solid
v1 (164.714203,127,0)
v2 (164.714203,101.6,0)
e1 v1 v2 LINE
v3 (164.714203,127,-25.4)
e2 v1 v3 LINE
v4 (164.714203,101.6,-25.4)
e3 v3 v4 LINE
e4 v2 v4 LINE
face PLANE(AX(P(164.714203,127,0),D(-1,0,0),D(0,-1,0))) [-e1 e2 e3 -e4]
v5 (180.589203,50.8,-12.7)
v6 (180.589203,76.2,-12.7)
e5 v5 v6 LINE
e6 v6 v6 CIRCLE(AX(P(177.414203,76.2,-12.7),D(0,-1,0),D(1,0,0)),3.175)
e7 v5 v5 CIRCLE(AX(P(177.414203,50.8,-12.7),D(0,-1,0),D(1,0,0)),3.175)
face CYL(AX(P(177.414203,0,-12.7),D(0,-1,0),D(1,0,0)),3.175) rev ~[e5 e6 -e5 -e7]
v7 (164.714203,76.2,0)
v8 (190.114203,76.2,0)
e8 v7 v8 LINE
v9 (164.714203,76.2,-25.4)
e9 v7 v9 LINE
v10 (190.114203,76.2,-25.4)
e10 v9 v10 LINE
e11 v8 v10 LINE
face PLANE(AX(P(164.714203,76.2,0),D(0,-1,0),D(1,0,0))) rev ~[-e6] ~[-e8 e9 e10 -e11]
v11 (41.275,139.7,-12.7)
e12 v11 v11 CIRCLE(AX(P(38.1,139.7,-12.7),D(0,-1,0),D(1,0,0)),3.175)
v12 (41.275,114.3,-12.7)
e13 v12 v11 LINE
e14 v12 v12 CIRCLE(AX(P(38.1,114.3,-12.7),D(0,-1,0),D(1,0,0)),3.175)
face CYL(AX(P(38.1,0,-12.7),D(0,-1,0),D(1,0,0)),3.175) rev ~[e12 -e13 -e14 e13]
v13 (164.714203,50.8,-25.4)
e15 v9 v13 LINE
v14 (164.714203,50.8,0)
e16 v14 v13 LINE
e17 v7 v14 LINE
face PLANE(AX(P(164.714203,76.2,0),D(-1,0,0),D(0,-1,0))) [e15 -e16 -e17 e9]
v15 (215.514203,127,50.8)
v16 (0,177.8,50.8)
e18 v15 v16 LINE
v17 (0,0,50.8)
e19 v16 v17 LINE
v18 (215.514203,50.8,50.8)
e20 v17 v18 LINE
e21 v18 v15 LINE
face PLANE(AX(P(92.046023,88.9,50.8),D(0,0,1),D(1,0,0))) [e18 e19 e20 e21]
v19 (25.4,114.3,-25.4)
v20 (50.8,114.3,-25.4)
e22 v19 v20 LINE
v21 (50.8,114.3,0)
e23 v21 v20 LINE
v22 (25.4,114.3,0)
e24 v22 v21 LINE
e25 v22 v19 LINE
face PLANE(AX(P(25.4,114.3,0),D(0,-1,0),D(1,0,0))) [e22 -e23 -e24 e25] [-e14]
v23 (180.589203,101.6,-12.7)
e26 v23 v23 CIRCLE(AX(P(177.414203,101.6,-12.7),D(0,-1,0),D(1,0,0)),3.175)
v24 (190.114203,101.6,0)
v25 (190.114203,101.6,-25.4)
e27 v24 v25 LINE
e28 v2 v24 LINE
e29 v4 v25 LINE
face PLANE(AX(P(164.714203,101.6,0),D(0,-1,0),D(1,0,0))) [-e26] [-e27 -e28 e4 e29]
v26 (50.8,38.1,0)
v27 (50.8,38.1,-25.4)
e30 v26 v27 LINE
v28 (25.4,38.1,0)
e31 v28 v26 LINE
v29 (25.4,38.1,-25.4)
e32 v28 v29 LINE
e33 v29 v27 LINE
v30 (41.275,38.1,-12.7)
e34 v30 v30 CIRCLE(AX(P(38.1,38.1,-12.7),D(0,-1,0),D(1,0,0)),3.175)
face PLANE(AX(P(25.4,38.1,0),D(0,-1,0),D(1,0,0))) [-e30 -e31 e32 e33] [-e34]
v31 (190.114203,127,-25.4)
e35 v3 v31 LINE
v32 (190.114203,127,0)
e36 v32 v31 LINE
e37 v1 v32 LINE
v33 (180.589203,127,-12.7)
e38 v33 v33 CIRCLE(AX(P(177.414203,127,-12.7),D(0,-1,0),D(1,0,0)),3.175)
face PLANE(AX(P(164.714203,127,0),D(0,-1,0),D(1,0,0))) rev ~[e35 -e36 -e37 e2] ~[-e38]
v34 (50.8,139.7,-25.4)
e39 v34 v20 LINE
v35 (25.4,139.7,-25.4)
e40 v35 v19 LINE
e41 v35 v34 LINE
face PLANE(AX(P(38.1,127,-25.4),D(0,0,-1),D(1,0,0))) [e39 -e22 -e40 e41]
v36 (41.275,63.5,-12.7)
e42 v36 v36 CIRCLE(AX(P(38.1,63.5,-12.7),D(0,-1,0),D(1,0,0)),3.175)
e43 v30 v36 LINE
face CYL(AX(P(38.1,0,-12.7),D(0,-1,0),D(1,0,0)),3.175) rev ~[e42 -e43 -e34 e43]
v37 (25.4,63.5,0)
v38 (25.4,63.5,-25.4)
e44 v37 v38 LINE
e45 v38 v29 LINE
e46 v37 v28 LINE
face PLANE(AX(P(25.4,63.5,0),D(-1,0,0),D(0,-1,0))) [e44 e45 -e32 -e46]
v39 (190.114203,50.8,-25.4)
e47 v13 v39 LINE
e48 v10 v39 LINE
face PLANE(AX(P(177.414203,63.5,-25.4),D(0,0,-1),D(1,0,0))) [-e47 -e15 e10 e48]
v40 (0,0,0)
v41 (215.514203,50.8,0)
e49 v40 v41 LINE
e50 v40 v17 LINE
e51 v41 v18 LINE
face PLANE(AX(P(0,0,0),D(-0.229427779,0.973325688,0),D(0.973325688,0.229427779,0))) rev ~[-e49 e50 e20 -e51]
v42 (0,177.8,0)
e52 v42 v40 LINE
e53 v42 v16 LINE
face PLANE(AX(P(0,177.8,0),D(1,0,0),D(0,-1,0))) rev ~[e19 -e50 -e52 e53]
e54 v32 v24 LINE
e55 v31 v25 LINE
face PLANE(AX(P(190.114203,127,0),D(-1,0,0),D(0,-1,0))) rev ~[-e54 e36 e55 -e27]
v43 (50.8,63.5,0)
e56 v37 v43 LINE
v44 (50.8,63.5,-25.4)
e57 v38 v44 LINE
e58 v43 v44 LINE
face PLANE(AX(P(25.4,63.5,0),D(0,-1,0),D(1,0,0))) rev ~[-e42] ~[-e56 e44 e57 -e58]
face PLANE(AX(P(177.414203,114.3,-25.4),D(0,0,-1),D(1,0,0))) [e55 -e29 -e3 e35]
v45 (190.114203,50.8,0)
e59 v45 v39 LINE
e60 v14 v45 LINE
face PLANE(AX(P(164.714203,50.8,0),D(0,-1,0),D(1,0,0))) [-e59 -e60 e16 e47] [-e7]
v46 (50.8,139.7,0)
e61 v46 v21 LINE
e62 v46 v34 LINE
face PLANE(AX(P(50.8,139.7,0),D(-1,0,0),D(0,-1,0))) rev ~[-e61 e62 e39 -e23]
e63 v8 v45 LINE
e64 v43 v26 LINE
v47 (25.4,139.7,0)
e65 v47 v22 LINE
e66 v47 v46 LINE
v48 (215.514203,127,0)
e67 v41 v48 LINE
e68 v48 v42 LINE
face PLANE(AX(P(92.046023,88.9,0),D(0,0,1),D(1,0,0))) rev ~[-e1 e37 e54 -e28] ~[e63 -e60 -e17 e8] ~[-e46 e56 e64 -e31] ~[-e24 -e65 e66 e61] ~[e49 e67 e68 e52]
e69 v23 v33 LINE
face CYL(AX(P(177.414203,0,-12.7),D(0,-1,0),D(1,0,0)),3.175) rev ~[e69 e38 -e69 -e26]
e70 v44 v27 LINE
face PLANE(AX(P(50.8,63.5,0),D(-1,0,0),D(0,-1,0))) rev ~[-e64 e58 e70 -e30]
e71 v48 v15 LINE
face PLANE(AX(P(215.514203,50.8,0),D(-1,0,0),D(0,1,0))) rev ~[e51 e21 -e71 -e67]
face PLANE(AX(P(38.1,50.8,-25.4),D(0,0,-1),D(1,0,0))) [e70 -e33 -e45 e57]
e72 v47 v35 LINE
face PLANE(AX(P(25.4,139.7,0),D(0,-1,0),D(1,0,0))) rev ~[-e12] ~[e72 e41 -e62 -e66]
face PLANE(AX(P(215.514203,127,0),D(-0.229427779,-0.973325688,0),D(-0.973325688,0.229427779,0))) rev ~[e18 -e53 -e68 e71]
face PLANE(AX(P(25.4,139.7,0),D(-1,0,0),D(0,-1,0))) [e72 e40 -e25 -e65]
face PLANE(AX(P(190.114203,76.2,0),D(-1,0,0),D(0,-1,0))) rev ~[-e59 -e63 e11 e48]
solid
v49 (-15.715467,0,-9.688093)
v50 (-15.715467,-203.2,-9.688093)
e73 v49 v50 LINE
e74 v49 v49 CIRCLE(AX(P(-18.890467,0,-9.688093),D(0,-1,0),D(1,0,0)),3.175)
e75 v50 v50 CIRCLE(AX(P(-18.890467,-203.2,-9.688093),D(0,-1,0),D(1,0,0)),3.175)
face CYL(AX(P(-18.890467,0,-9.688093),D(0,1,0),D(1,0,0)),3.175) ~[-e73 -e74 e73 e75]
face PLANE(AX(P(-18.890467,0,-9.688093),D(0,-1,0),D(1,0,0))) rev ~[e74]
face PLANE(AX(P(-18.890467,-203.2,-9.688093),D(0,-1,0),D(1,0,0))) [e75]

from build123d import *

# Parameters (mm, degrees)
F1_DEPTH = 50.8
F2_W     = 25.4
F2_H     = 25.4
F3_DEPTH = 25.4
F4_R     = 3.175
F5_DEPTH = 177.801
F6_R     = 3.175
F7_DEPTH = 203.2


with BuildPart() as f1:
    # F0 (on Top) → F1 (new body)
    with BuildSketch(Plane.XY):
        Polygon((0, 177.8), (0, 0), (215.514203, 50.8), (215.514203, 127), align=None)
    extrude(amount=F1_DEPTH)

    # F2 (on face) → F3 (join)
    with BuildSketch(Plane(origin=(0, 0, 0), x_dir=(1, 0, 0), z_dir=(0, 0, -1))):
        with Locations((177.414203, -63.5)):
            Rectangle(F2_W, F2_H)
        with Locations((177.414203, -114.3)):
            Rectangle(F2_W, F2_H)
        with Locations((38.1, -50.8)):
            Rectangle(F2_W, F2_H)
        with Locations((38.1, -127)):
            Rectangle(F2_W, F2_H)
    extrude(amount=F3_DEPTH)

    # F4 (on Front) → F5 (cut, through all)
    with BuildSketch(Plane.XZ):
        with Locations((38.1, -12.7)):
            Circle(F4_R)
        with Locations((177.414203, -12.7)):
            Circle(F4_R)
    extrude(amount=-F5_DEPTH, mode=Mode.SUBTRACT)


with BuildPart() as f7:
    # F6 (on Front) → F7 (new body)
    with BuildSketch(Plane.XZ):
        with Locations((-18.890467, -9.688093)):
            Circle(F6_R)
    extrude(amount=F7_DEPTH)


solid = Compound([f1.part, f7.part])
